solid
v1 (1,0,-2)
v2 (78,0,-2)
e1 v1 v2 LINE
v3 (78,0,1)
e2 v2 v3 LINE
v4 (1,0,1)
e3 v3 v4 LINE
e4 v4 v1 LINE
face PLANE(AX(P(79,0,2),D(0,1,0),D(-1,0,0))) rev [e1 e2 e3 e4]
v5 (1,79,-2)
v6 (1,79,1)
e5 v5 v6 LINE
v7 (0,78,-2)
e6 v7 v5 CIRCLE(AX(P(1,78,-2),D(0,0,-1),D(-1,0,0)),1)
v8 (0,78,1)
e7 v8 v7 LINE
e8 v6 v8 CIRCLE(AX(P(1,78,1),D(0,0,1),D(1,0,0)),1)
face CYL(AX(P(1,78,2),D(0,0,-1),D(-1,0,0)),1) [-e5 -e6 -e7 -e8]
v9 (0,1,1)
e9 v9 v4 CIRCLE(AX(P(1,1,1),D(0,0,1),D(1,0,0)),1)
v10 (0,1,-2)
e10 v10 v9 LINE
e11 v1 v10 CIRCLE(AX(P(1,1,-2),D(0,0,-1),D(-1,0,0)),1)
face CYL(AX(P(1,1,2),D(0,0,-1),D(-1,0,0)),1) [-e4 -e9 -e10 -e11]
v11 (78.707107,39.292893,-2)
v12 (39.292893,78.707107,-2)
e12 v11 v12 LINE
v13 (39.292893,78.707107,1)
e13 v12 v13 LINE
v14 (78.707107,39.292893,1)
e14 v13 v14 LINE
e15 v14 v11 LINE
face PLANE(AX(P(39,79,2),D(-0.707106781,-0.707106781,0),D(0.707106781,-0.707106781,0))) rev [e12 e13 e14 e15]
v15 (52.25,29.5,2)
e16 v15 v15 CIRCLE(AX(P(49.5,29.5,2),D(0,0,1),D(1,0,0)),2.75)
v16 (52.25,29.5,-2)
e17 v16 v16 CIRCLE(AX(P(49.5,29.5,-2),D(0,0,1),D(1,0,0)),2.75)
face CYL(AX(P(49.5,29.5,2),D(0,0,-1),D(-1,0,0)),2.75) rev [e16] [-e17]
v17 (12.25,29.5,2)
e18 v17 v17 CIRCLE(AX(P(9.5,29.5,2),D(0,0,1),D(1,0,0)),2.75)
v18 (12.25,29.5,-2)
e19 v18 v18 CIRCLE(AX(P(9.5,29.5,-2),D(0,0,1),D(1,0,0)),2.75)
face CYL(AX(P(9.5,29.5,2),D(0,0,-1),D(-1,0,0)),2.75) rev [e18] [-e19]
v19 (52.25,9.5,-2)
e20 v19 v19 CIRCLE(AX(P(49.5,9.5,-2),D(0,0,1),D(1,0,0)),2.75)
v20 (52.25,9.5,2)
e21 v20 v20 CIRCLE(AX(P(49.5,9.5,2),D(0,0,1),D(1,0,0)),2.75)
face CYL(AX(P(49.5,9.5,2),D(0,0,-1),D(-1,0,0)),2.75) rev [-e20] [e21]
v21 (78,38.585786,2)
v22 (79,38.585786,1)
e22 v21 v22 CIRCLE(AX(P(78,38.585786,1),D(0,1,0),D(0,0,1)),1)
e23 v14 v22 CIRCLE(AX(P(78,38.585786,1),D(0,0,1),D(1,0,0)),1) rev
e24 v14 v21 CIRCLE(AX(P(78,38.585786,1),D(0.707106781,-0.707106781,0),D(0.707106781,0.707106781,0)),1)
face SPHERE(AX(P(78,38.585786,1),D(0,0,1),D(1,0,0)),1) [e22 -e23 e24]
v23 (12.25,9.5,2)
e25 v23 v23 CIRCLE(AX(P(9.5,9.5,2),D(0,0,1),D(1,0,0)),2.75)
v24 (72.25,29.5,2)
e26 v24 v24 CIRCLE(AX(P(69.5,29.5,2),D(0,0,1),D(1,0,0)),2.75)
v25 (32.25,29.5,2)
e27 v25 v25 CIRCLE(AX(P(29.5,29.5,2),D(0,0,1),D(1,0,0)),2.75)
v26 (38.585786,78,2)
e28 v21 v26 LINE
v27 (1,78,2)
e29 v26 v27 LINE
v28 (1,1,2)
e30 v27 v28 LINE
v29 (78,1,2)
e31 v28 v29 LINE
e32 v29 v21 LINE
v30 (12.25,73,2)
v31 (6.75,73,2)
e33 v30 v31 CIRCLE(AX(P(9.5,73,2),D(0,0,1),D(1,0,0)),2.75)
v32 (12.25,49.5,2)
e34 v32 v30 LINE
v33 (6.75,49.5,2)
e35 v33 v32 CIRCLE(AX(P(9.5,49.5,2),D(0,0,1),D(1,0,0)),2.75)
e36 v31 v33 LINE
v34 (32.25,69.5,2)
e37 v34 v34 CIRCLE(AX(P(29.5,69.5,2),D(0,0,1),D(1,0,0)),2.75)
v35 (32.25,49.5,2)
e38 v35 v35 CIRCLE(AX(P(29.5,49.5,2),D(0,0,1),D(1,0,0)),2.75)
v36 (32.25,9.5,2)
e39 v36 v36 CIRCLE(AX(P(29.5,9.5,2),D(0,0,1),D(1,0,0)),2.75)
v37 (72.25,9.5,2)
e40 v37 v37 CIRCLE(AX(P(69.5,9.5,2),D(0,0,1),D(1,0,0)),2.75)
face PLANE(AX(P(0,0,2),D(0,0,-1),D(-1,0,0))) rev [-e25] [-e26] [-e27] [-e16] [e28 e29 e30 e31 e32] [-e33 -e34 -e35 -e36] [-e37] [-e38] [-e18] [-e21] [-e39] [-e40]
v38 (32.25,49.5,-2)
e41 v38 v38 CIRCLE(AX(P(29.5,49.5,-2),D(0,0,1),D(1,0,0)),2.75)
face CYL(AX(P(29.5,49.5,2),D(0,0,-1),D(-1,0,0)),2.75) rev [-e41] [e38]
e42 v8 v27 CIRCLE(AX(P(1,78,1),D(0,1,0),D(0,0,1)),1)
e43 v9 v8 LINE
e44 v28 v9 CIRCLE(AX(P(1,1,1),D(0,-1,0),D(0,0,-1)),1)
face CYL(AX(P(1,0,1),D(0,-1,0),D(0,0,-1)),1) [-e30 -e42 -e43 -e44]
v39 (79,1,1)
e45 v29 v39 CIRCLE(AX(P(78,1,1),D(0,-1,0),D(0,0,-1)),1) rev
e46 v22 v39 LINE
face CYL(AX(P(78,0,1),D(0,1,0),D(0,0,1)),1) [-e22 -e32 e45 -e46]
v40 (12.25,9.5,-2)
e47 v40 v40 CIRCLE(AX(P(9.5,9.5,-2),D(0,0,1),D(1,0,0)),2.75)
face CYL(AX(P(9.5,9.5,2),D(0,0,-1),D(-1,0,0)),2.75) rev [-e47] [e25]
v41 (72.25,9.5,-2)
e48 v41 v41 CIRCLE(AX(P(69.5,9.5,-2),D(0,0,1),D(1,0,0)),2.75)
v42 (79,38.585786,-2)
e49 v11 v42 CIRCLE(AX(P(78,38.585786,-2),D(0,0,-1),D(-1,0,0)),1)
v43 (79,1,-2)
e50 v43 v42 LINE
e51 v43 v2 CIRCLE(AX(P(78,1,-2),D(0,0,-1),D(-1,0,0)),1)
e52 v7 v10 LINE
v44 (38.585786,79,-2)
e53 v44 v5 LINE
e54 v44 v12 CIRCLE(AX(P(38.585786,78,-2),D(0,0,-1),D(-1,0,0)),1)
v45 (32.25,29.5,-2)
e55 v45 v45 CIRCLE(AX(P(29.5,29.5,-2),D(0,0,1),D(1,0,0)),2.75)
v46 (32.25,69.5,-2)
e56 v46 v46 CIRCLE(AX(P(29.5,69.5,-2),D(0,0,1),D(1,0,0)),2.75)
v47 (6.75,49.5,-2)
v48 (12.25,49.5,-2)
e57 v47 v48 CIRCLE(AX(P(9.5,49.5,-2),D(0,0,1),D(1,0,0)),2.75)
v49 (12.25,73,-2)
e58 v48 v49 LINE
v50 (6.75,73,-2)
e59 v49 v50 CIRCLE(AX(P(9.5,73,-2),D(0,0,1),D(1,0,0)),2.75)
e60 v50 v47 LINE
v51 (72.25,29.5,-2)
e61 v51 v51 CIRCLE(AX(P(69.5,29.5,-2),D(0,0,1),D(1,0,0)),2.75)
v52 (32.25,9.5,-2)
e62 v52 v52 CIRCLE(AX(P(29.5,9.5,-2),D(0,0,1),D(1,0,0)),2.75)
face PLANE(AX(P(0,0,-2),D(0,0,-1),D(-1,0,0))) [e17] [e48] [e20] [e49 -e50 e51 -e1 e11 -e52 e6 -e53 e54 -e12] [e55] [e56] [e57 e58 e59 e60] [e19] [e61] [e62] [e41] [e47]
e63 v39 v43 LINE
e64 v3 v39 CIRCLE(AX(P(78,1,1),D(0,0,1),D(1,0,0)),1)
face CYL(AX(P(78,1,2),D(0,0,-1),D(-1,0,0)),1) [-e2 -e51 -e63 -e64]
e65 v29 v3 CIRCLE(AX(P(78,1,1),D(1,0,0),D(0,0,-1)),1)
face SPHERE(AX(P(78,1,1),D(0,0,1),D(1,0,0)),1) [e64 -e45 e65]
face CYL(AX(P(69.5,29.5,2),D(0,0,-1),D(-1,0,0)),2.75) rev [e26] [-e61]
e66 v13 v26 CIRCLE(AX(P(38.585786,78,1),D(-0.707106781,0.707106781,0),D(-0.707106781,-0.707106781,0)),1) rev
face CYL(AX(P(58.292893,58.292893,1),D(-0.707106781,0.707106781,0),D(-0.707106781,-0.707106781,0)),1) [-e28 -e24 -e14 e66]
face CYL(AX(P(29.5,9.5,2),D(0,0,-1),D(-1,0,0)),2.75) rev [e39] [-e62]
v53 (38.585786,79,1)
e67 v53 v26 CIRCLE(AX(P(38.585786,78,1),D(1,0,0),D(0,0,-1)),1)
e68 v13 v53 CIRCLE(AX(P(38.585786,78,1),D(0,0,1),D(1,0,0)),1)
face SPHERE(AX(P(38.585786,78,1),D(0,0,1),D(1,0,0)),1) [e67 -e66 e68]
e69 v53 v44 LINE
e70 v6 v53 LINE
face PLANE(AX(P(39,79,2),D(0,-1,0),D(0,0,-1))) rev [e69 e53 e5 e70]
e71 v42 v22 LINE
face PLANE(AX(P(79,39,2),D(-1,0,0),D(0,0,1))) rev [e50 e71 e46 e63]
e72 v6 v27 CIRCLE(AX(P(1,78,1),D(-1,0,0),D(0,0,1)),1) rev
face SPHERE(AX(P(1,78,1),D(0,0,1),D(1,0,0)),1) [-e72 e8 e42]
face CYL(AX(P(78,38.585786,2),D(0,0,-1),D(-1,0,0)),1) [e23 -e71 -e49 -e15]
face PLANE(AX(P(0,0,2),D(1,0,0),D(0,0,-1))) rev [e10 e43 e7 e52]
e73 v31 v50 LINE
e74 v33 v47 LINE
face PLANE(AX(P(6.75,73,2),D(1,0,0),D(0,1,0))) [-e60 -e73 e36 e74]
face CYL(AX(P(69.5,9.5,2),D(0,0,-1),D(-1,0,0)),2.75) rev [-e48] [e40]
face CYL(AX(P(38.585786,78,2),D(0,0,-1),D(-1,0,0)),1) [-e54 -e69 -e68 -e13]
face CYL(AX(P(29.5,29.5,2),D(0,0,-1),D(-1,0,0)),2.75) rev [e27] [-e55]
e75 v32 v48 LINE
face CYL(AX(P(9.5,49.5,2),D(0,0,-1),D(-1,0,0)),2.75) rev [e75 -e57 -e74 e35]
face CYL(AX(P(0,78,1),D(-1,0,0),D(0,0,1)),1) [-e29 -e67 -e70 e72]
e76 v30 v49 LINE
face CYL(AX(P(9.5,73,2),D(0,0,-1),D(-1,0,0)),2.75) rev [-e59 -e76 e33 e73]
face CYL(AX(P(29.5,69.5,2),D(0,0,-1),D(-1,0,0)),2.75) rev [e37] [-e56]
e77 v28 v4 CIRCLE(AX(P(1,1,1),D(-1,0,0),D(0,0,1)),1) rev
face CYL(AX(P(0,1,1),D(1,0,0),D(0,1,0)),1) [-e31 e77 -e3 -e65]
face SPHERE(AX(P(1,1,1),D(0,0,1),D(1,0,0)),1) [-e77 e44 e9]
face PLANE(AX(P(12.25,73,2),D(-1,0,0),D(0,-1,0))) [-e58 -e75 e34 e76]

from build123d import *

# Parameters (mm, degrees)
SKETCH1_R           = 2.75
BOSS_EXTRUDE1_DEPTH = 2
FILLET1_R           = 1


with BuildPart() as part:
    # Sketch1 → Boss-Extrude1 (new, symmetric)
    with BuildSketch(Plane.XY):
        Polygon((0, 0), (0, 79), (39, 79), (79, 39), (79, 0), align=None)
        with Locations((9.5, 9.5)):
            Circle(SKETCH1_R, mode=Mode.SUBTRACT)
        with Locations((29.5, 9.5)):
            Circle(SKETCH1_R, mode=Mode.SUBTRACT)
        with Locations((49.5, 9.5)):
            Circle(SKETCH1_R, mode=Mode.SUBTRACT)
        with Locations((9.5, 29.5)):
            Circle(SKETCH1_R, mode=Mode.SUBTRACT)
        with Locations((69.5, 9.5)):
            Circle(SKETCH1_R, mode=Mode.SUBTRACT)
        with Locations((69.5, 29.5)):
            Circle(SKETCH1_R, mode=Mode.SUBTRACT)
        with Locations((49.5, 29.5)):
            Circle(SKETCH1_R, mode=Mode.SUBTRACT)
        with Locations((29.5, 29.5)):
            Circle(SKETCH1_R, mode=Mode.SUBTRACT)
        with Locations((29.5, 49.5)):
            Circle(SKETCH1_R, mode=Mode.SUBTRACT)
        with Locations((29.5, 69.5)):
            Circle(SKETCH1_R, mode=Mode.SUBTRACT)
        with BuildLine():
            Line((6.75, 73), (6.75, 49.5))
            ThreePointArc((6.75, 49.5), (9.5, 46.75), (12.25, 49.5))
            Line((12.25, 49.5), (12.25, 73))
            ThreePointArc((12.25, 73), (9.5, 75.75), (6.75, 73))
        make_face(mode=Mode.SUBTRACT)
    extrude(amount=BOSS_EXTRUDE1_DEPTH, both=True)

    # Fillet1
    fillet1_edges = [part.edges().sort_by_distance(p)[0] for p in [
        (59, 59, 2),
        (19.5, 79, 2),
        (0, 39.5, 2),
        (39.5, 0, 2),
        (79, 19.5, 2),
        (0, 0, 0),
        (0, 79, 0),
        (39, 79, 0),
        (79, 39, 0),
        (79, 0, 0),
    ]]
    fillet(fillet1_edges, radius=FILLET1_R)


solid = part.part
